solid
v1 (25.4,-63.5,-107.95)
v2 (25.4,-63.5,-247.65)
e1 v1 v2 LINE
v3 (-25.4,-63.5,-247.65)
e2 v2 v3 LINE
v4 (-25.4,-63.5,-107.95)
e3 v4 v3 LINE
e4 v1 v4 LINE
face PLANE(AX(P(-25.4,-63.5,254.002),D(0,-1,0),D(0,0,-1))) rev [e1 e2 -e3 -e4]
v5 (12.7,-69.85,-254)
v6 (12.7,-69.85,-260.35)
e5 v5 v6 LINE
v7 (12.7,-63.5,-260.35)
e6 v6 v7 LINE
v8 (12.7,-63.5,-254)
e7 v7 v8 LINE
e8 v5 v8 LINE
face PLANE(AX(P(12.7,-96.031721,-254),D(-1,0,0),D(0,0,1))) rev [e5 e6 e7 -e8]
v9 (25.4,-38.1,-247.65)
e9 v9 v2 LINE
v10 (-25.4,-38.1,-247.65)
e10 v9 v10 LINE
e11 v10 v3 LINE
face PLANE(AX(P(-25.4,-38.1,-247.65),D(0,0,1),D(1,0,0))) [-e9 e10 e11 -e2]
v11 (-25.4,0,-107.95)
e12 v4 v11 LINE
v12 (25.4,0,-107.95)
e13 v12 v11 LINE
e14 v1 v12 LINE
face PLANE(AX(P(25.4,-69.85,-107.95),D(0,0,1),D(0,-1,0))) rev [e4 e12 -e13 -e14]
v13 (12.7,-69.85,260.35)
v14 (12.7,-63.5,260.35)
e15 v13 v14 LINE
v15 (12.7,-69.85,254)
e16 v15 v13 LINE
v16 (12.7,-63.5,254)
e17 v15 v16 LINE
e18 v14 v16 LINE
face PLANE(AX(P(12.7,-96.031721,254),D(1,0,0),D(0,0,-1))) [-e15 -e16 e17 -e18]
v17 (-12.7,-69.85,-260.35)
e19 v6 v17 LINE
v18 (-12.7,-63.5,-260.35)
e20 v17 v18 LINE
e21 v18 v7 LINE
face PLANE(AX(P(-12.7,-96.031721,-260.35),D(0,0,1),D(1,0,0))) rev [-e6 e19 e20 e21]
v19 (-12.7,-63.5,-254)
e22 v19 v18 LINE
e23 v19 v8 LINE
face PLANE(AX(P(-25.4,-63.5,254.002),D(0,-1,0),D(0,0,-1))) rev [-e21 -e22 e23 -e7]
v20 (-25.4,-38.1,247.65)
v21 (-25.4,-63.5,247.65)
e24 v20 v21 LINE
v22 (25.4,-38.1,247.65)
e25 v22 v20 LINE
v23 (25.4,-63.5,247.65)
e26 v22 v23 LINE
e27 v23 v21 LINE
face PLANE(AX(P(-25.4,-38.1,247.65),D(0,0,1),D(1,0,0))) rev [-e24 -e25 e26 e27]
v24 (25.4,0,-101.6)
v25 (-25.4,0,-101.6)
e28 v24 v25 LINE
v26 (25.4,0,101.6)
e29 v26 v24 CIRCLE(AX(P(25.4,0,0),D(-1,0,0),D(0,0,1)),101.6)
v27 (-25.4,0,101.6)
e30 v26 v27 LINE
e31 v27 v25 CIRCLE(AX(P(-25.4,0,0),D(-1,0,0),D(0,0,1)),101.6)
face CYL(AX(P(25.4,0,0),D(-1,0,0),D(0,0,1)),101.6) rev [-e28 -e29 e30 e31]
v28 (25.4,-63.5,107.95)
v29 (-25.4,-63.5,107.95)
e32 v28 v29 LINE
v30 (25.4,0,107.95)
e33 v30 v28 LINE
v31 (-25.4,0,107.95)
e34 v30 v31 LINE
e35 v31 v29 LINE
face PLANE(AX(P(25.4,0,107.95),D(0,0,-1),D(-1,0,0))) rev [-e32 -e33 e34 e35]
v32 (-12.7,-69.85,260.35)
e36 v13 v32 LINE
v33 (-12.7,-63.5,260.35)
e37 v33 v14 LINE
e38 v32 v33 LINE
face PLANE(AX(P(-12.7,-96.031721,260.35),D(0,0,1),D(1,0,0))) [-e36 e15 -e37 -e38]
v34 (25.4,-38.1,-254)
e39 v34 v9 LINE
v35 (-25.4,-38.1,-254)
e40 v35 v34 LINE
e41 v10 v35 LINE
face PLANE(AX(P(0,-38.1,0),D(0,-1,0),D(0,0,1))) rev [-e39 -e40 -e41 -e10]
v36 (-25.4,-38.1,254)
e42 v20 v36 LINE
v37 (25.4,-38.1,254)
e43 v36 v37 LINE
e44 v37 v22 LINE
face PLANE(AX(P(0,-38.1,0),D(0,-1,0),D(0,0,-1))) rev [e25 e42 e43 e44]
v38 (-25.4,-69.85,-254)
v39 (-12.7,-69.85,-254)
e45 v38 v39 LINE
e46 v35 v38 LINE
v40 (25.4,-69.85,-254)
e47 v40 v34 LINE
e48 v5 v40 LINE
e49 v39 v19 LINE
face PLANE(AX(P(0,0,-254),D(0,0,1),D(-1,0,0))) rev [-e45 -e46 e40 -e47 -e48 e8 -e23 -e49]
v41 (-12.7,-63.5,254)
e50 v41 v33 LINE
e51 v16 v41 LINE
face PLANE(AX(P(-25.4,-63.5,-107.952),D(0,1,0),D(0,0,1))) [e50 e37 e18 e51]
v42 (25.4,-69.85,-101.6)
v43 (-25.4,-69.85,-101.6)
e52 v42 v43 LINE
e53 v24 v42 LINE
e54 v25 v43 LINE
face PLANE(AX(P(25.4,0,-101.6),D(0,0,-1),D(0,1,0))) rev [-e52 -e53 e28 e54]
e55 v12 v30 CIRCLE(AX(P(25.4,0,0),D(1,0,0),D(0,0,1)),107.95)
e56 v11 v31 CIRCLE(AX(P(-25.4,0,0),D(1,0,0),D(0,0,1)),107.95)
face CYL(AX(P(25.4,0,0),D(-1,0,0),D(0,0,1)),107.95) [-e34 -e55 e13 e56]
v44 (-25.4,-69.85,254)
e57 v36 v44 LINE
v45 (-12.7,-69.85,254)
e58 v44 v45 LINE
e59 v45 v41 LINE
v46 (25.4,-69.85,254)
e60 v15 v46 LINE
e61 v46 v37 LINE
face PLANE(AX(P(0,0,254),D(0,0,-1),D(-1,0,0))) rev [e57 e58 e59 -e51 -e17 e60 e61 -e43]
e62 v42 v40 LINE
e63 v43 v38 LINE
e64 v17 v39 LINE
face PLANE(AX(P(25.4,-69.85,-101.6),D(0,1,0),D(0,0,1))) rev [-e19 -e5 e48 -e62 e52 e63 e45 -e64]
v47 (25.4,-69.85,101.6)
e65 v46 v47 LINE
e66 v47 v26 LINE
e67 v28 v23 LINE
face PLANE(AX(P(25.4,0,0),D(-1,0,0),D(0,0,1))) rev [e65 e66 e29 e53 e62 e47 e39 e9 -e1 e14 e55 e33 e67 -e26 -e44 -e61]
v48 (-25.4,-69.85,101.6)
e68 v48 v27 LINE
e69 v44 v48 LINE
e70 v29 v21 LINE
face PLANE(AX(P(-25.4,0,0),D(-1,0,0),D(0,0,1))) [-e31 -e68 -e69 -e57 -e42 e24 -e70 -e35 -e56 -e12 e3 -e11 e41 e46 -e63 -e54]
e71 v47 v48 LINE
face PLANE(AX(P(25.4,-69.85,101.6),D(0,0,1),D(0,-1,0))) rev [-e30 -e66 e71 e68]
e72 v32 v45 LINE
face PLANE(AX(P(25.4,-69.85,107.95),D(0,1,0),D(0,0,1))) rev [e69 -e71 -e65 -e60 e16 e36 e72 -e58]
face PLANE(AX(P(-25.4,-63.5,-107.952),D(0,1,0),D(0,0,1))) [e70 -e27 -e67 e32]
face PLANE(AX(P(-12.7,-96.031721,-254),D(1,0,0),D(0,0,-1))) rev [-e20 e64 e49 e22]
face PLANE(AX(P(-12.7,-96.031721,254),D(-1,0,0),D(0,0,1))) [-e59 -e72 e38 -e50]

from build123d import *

# Parameters (mm, degrees)
BOSS_EXTRUDE1_DEPTH = 25.4
BOSS_EXTRUDE2_REACH = 380.558
SKETCH2_W           = 50.8
SKETCH2_H           = 6.35
SKETCH3_W           = 25.4
SKETCH3_H           = 6.35
BOSS_EXTRUDE3_DEPTH = 6.35
SKETCH4_W           = 50.8
SKETCH4_H           = 6.35
BOSS_EXTRUDE4_DEPTH = 25.4


with BuildPart() as part:
    # Sketch1 → Boss-Extrude1 (new, symmetric)
    with BuildSketch(Plane(origin=(0, 0, 0), x_dir=(0, 0, -1), z_dir=(1, 0, 0))):
        with BuildLine():
            Line((-107.95, 0), (-107.95, -69.85))
            Line((-107.95, -69.85), (-101.6, -69.85))
            Line((-101.6, -69.85), (-101.6, 0))
            ThreePointArc((-101.6, 0), (0, 101.6), (101.6, 0))
            Line((101.6, 0), (101.6, -69.85))
            Line((101.6, -69.85), (107.95, -69.85))
            Line((107.95, -69.85), (107.95, 0))
            ThreePointArc((107.95, 0), (0, 107.95), (-107.95, 0))
        make_face()
    extrude(amount=BOSS_EXTRUDE1_DEPTH, both=True)

    # Sketch2 → Boss-Extrude2 (add, up to next)
    with BuildSketch(Plane.XY.offset(254), mode=Mode.PRIVATE) as boss_extrude2_sk1:
        with Locations((0, -66.675)):
            Rectangle(SKETCH2_W, SKETCH2_H)
    boss_extrude2_tool1 = extrude(boss_extrude2_sk1.sketch, amount=-BOSS_EXTRUDE2_REACH, mode=Mode.PRIVATE) - part.part
    boss_extrude2 = boss_extrude2_tool1.solids().sort_by_distance((0, -66.675, 254))[0]
    add(boss_extrude2)

    # Mirror1: Boss-Extrude2 across plane
    add(boss_extrude2.mirror(Plane.XY))

    # Sketch3 → Boss-Extrude3 (add)
    with BuildSketch(Plane(origin=(0, -63.5, 0), x_dir=(1, 0, 0), z_dir=(0, 1, 0))):
        with Locations((0, -257.175)):
            Rectangle(SKETCH3_W, SKETCH3_H)
    boss_extrude3 = extrude(amount=-BOSS_EXTRUDE3_DEPTH)

    # Mirror2: Boss-Extrude3 across plane
    add(boss_extrude3.mirror(Plane.XY))

    # Sketch4 → Boss-Extrude4 (add)
    with BuildSketch(Plane(origin=(0, -63.5, 0), x_dir=(1, 0, 0), z_dir=(0, 1, 0))):
        with Locations((0, -250.825)):
            Rectangle(SKETCH4_W, SKETCH4_H)
    boss_extrude4 = extrude(amount=BOSS_EXTRUDE4_DEPTH)

    # Mirror3: Boss-Extrude4 across plane
    add(boss_extrude4.mirror(Plane.XY))


solid = part.part
